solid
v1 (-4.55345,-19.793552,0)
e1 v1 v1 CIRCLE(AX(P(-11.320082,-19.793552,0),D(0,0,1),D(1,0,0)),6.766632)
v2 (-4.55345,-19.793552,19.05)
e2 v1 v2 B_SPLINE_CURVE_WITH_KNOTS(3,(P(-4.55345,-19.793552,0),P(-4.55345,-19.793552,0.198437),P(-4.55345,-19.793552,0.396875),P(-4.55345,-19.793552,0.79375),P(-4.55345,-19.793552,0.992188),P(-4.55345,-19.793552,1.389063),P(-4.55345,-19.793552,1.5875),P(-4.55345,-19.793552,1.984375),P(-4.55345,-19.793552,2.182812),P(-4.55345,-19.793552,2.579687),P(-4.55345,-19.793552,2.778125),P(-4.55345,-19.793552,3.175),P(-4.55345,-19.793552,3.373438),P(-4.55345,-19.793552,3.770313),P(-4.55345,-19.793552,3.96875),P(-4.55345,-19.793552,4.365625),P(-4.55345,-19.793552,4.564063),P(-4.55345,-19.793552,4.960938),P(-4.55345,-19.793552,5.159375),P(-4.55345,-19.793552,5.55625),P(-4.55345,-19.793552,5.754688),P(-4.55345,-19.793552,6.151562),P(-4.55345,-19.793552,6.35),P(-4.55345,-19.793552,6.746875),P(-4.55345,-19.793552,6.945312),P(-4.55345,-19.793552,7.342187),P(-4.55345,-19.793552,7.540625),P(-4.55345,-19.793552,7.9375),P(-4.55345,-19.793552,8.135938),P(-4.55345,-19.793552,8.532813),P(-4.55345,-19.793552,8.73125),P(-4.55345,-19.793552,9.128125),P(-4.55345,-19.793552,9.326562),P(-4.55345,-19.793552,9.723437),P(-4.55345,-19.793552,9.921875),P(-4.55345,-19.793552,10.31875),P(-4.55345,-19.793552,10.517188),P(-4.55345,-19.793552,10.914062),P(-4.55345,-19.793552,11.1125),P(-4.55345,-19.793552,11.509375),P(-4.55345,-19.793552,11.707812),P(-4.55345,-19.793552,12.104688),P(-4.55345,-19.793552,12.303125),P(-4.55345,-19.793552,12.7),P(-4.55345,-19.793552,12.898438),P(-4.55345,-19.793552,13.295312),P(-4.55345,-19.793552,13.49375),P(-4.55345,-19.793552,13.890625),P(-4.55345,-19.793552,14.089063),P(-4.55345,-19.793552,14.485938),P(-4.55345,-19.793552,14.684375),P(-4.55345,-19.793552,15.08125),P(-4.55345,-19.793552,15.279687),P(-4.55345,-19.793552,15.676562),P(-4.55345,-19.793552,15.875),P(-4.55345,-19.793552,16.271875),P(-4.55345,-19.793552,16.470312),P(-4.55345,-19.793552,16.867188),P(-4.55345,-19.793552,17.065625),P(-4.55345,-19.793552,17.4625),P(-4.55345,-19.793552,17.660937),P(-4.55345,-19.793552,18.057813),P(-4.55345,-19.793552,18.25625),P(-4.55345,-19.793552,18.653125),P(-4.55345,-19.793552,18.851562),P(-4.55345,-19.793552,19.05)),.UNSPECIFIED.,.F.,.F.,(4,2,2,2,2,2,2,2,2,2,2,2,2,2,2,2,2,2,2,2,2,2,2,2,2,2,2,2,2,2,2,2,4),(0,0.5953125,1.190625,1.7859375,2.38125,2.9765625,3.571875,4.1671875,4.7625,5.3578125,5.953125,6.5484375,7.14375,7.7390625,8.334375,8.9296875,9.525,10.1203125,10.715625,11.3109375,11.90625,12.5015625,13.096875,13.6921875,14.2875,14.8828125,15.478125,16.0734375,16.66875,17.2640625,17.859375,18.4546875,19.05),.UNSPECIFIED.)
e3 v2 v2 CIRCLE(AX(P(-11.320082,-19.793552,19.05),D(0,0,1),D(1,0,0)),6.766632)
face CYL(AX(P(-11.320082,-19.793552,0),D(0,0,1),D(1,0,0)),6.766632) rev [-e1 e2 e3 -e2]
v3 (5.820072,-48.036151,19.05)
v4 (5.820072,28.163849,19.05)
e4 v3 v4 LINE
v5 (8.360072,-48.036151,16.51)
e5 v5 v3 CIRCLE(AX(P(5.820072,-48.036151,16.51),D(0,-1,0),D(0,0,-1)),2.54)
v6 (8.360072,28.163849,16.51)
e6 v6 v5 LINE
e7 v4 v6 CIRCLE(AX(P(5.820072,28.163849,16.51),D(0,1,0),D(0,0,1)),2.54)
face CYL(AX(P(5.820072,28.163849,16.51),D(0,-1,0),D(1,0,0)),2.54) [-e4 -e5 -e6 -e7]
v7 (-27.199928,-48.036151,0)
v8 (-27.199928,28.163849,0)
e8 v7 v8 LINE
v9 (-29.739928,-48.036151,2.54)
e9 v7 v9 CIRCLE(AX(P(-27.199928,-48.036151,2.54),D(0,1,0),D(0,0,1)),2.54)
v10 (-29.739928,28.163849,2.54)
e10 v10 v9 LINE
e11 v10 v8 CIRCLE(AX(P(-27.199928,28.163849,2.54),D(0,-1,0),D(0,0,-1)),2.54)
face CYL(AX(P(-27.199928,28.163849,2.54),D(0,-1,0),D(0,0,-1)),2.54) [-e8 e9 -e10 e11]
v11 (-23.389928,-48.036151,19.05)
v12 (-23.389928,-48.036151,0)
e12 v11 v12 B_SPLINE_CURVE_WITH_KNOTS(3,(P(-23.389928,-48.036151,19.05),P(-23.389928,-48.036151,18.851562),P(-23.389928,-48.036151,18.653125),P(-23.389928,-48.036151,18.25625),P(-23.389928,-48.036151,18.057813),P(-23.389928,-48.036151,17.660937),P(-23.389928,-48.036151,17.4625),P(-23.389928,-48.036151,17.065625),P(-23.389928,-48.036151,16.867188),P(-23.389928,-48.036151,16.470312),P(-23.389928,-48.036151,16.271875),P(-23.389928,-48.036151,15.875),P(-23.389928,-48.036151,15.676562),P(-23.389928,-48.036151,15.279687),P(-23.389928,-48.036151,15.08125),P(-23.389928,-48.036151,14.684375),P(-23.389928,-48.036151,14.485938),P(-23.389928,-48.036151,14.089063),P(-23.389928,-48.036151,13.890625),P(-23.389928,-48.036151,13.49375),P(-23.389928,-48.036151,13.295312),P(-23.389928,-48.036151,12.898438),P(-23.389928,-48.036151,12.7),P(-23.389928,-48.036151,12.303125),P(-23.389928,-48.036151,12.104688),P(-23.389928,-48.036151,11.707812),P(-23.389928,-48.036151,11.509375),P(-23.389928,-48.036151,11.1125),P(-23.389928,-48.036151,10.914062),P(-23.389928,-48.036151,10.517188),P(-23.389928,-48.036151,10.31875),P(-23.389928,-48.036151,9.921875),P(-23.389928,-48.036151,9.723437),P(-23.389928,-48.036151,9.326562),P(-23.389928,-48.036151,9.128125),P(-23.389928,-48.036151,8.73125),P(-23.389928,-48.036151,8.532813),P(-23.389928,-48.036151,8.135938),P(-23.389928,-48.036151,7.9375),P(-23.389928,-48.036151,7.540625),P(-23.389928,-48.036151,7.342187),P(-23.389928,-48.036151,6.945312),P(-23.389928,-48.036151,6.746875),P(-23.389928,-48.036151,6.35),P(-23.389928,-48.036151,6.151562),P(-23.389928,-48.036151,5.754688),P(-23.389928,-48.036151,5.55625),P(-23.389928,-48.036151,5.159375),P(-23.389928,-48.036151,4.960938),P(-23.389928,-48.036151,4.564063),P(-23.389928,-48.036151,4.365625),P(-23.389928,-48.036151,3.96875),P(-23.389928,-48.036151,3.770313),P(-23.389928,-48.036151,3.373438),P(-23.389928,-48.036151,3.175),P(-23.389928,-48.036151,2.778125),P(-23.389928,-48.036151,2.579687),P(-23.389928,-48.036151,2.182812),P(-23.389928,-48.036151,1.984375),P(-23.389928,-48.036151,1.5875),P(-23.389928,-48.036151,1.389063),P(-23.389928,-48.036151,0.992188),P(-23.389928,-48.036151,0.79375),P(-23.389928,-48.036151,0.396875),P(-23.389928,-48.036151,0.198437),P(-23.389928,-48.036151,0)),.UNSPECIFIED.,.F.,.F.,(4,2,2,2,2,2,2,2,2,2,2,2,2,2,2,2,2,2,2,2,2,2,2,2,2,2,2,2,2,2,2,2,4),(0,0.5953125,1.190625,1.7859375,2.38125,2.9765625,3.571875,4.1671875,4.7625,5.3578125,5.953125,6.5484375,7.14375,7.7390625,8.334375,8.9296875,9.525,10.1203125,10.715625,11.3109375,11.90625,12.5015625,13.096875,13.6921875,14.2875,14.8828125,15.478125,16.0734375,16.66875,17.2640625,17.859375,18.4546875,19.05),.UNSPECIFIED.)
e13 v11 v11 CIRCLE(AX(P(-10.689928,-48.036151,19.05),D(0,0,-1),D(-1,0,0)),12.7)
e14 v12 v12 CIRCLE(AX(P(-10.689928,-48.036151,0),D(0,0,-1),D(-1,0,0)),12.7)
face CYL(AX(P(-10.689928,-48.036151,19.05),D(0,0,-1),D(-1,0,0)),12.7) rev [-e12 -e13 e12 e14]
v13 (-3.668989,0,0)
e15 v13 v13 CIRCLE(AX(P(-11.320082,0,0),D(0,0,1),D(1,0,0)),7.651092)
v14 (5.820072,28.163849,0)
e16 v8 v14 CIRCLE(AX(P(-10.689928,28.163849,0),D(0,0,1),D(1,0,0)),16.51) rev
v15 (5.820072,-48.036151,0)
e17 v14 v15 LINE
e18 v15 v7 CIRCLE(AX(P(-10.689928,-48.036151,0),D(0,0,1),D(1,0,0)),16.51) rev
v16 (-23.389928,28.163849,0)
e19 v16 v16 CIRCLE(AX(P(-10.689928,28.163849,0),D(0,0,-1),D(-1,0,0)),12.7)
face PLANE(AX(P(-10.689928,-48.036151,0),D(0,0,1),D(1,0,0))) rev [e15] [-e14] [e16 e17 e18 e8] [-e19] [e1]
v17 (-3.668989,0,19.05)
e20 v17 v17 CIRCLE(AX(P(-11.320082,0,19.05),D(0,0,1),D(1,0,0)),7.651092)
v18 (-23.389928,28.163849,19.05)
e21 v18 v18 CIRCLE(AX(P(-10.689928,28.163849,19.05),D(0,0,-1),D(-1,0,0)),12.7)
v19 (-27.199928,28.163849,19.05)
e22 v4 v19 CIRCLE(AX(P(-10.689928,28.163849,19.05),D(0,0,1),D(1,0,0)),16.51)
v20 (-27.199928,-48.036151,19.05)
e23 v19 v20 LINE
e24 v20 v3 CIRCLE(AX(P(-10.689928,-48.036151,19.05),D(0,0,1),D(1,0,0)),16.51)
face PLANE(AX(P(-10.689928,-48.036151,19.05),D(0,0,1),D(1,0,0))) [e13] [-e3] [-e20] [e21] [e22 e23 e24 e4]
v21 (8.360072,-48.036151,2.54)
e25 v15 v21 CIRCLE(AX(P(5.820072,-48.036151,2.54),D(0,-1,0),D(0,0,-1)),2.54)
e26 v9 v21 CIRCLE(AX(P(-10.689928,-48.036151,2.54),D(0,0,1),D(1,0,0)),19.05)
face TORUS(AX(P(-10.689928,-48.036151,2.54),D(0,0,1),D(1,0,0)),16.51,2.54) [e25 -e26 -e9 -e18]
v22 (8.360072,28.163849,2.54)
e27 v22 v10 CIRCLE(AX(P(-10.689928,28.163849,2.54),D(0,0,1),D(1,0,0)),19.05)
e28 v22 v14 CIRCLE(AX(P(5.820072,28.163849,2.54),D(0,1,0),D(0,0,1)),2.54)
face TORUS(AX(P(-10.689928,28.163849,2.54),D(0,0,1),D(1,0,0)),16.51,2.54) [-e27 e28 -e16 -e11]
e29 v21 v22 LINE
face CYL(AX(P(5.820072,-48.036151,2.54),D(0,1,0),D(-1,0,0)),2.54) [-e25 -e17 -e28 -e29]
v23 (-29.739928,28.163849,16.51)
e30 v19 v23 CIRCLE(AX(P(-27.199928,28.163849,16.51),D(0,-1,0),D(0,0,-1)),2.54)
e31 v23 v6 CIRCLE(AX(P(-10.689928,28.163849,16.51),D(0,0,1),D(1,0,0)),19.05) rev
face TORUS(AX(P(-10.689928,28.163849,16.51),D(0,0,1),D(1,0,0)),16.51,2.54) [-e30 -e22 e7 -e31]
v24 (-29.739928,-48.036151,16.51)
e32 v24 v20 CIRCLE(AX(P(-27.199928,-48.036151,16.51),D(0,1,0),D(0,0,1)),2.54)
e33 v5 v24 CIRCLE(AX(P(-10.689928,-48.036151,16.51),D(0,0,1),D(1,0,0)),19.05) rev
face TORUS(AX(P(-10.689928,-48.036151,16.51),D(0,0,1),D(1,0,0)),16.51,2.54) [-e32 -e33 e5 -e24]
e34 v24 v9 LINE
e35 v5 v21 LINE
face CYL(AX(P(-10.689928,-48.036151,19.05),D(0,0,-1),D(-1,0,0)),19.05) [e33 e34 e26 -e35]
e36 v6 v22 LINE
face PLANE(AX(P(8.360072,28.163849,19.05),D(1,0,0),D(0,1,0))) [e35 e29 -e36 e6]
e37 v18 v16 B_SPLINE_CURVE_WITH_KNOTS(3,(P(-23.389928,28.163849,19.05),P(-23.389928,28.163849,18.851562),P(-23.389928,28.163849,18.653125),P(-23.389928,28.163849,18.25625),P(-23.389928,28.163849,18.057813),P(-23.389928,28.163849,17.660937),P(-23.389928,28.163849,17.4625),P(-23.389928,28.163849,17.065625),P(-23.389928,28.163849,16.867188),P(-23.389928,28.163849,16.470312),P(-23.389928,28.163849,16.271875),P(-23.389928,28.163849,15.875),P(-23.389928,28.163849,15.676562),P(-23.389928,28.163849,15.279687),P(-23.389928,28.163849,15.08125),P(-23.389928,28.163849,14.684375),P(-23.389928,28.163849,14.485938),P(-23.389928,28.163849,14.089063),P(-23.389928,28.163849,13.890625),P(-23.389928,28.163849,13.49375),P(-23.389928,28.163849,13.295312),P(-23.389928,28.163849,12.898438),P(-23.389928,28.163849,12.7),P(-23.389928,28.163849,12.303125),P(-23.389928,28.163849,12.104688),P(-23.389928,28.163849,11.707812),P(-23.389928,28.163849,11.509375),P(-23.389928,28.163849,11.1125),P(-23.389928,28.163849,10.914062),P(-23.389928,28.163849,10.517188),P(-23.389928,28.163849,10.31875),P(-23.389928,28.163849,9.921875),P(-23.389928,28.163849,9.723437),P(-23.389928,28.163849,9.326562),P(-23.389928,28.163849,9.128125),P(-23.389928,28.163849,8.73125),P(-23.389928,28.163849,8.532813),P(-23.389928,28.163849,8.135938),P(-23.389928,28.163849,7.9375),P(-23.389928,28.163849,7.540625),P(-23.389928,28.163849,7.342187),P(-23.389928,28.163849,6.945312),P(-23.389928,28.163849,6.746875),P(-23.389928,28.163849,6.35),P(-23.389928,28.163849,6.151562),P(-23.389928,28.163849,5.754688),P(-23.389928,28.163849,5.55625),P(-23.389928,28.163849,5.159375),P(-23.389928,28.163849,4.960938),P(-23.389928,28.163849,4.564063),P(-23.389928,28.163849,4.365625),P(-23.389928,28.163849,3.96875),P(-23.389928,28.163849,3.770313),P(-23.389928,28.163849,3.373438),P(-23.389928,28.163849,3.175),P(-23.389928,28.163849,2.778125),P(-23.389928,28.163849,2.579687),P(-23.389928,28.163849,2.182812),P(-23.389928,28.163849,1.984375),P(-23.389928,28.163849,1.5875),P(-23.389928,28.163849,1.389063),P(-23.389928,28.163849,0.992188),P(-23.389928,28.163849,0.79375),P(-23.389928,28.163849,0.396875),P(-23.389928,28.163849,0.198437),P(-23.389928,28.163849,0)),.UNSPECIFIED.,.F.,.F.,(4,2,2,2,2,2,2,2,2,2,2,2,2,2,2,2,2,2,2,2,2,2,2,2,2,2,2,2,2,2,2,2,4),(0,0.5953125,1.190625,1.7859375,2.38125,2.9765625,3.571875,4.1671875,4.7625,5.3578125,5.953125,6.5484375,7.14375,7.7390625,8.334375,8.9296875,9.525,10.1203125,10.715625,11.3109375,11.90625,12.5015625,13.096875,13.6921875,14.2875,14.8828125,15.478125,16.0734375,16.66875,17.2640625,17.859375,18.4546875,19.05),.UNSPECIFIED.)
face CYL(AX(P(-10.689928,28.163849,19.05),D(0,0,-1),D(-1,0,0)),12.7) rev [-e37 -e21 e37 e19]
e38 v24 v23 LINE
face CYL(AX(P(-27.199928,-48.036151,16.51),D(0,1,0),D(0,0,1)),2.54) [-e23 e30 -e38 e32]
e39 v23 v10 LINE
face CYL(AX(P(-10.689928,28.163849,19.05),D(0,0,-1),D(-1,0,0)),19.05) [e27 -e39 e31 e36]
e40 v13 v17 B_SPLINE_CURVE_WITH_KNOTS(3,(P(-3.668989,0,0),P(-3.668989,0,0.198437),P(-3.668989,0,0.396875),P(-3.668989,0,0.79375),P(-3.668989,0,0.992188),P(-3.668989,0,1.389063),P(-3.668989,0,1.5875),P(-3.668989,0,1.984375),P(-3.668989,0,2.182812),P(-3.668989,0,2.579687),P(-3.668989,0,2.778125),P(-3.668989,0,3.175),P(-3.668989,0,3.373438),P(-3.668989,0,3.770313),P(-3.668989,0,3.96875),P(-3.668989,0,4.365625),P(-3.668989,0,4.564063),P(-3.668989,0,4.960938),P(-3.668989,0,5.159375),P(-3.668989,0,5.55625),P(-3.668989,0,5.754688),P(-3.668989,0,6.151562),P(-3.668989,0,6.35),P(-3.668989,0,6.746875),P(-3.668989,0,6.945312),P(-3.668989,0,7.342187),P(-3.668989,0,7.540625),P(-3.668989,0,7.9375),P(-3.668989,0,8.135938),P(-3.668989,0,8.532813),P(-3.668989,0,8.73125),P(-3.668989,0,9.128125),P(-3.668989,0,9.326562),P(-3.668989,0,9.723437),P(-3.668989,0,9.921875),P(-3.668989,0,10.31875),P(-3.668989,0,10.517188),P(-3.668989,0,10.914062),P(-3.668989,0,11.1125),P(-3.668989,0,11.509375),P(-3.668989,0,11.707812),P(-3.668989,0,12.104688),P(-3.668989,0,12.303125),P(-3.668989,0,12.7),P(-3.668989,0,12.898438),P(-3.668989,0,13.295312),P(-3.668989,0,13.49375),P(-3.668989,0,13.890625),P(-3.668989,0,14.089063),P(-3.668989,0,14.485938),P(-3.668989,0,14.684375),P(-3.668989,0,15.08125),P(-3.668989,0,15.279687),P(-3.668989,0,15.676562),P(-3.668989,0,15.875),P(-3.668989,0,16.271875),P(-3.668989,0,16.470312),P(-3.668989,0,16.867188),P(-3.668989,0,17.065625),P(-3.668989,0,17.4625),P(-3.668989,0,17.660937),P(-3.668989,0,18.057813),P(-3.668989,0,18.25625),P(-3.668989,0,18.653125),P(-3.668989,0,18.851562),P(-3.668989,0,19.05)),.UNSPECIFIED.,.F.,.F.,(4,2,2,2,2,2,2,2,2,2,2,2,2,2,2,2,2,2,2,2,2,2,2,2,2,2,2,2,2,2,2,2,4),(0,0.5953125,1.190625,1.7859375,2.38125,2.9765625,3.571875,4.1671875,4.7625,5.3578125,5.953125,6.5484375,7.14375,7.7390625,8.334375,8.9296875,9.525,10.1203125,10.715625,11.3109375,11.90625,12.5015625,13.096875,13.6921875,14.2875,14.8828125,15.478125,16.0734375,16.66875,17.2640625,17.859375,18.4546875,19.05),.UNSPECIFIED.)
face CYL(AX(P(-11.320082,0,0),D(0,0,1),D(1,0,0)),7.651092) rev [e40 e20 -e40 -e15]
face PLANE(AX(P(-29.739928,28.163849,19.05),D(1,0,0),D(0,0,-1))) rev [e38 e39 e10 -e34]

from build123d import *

# Parameters (mm, degrees)
BOSS_EXTRUDE2_DEPTH = 19.05
SKETCH2_R           = 12.7
CUT_EXTRUDE1_DEPTH  = 76.815021516
FILLET1_R           = 2.54
FILLET2_R           = 2.54
SKETCH9_R           = 7.651092206
SKETCH9_R_2         = 6.766631781
CUT_EXTRUDE7_DEPTH  = 76.815021516


with BuildPart() as part:
    # Sketch1 → Boss-Extrude2 (new body)
    with BuildSketch(Plane.XY):
        with BuildLine():
            Line((-29.739928058, 28.163848921), (-29.739928058, -48.036151079))
            ThreePointArc((-29.739928058, -48.036151079), (-10.689928058, -67.086151079), (8.360071942, -48.036151079))
            Line((8.360071942, -48.036151079), (8.360071942, 28.163848921))
            ThreePointArc((8.360071942, 28.163848921), (-10.689928058, 47.213848921), (-29.739928058, 28.163848921))
        make_face()
    extrude(amount=BOSS_EXTRUDE2_DEPTH)

    # Sketch2 → Cut-Extrude1 (cut, through all)
    with BuildSketch(Plane(origin=(0, 0, 0), x_dir=(-1, 0, 0), z_dir=(0, 0, -1))):
        with Locations((10.689928058, 28.163848921)):
            Circle(SKETCH2_R)
        with Locations((10.689928058, -48.036151079)):
            Circle(SKETCH2_R)
    extrude(amount=-CUT_EXTRUDE1_DEPTH, mode=Mode.SUBTRACT)

    # Fillet1
    fillet1_edges = [part.edges().sort_by_distance(p)[0] for p in [
        (8.360071942, -9.936151079, 19.05),
        (-10.689928058, 47.213848921, 19.05),
        (-29.739928058, -9.936151079, 19.05),
        (-10.689928058, -67.086151079, 19.05),
    ]]
    fillet(fillet1_edges, radius=FILLET1_R)

    # Fillet2
    fillet2_edges = [part.edges().sort_by_distance(p)[0] for p in [
        (-10.689928058, 47.213848921, 0),
        (8.360071942, -9.936151079, 0),
        (-10.689928058, -67.086151079, 0),
        (-29.739928058, -9.936151079, 0),
    ]]
    fillet(fillet2_edges, radius=FILLET2_R)

    # Sketch9 → Cut-Extrude7 (cut, through all)
    with BuildSketch(Plane.XY.offset(19.05)):
        with Locations((-11.320081568, 0)):
            Circle(SKETCH9_R)
        with Locations((-11.320081568, -19.793552428)):
            Circle(SKETCH9_R_2)
    extrude(amount=-CUT_EXTRUDE7_DEPTH, mode=Mode.SUBTRACT)


solid = part.part
